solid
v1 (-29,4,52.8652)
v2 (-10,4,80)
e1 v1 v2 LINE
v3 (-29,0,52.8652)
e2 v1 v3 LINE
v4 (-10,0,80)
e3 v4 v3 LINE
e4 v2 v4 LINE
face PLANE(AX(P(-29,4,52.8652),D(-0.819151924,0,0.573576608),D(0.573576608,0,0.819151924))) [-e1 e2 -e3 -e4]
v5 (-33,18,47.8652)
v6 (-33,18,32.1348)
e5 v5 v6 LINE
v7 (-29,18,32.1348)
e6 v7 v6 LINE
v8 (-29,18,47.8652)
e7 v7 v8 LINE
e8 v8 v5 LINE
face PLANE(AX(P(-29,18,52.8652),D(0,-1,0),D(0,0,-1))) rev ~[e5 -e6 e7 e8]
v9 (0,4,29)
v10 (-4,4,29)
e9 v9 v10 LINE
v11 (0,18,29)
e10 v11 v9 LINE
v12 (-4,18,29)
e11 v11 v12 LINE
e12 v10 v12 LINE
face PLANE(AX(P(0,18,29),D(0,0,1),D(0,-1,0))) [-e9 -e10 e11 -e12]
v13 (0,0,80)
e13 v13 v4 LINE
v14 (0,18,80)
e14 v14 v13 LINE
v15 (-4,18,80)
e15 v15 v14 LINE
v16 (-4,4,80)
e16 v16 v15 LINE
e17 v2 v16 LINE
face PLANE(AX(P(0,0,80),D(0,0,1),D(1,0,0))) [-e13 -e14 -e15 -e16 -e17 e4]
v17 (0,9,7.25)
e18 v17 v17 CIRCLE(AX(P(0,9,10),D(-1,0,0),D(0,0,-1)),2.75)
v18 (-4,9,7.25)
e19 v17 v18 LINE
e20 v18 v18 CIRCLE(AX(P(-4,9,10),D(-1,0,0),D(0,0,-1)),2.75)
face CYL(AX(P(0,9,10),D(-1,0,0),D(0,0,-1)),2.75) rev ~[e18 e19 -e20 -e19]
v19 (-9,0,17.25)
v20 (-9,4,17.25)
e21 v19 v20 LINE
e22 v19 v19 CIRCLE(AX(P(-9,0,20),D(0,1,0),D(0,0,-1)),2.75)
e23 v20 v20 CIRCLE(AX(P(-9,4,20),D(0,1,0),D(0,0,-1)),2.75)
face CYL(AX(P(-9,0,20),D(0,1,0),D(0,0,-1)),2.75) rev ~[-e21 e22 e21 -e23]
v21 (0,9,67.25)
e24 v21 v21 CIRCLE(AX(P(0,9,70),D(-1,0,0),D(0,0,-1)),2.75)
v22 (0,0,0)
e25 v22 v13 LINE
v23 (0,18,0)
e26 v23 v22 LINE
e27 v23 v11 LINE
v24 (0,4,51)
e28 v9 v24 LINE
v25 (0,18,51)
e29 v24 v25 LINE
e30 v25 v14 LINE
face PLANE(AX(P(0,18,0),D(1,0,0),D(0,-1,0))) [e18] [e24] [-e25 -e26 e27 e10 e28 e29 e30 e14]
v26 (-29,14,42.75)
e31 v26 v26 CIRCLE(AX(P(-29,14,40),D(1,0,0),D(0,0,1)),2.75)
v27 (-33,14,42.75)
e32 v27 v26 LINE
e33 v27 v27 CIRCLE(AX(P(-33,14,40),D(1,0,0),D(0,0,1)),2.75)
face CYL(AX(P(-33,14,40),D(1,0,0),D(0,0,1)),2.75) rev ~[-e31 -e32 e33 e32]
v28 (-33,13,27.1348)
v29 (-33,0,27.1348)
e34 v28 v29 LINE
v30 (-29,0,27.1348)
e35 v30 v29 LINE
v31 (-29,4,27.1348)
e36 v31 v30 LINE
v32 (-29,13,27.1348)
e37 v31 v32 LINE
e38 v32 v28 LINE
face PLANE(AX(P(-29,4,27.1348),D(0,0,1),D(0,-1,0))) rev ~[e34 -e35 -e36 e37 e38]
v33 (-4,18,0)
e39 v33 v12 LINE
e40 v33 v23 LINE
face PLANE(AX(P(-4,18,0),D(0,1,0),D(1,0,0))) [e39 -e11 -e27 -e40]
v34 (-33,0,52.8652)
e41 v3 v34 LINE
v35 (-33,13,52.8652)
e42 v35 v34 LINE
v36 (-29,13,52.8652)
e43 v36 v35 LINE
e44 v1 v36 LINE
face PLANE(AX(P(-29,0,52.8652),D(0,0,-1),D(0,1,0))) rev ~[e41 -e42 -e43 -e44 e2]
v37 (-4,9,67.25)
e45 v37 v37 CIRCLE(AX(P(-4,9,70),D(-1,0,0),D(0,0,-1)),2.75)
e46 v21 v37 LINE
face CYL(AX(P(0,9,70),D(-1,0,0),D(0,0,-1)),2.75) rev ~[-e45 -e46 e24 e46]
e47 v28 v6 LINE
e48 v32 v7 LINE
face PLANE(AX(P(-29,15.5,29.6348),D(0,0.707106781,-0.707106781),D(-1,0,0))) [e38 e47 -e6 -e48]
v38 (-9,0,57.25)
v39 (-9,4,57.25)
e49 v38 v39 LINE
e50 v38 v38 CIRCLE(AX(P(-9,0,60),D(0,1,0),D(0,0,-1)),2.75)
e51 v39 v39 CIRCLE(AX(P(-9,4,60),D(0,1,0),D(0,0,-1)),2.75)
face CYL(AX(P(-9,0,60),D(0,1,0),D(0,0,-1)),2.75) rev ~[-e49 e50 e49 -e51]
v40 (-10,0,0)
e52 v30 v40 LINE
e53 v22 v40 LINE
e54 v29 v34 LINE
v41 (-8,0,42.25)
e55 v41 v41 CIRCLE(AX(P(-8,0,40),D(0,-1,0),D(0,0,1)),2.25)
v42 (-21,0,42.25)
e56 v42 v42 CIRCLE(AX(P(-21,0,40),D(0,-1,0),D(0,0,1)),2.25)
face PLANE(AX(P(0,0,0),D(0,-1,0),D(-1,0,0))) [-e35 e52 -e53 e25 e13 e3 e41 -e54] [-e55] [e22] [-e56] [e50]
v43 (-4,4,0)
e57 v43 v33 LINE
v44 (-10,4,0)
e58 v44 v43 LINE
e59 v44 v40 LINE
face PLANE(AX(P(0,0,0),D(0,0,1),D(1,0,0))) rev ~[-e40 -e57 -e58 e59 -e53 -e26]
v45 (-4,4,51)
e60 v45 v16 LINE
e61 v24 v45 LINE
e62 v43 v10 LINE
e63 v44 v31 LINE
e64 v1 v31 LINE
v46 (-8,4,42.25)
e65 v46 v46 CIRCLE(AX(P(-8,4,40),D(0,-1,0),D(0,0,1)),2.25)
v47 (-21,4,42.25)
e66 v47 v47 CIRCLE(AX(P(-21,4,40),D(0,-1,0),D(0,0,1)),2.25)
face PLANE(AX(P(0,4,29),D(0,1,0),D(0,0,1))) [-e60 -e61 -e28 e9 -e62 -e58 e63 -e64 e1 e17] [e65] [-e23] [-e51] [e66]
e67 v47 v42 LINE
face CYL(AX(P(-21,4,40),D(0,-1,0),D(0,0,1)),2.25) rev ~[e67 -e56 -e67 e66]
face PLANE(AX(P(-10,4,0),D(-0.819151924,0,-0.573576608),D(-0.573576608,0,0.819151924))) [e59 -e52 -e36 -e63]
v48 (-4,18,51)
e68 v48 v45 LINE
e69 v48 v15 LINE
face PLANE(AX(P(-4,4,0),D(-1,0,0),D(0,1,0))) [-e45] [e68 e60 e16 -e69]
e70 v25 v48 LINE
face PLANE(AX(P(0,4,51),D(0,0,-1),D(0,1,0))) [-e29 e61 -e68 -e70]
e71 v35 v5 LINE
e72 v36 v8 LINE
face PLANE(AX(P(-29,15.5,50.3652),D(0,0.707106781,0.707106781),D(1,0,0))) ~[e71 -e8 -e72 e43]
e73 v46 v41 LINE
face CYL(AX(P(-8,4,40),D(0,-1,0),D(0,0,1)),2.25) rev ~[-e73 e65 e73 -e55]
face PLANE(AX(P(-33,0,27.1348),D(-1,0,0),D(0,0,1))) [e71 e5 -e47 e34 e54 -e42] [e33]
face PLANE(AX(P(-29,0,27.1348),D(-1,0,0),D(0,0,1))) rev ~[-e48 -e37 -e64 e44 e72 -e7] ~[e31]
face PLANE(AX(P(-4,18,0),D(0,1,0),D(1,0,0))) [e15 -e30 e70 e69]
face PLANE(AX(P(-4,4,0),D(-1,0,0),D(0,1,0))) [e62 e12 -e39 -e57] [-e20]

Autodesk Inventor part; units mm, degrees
ref_plane "YZ Plane" through (0, 0, 0) normal (1, 0, 0) x (0, 1, 0)
ref_plane "XZ Plane" through (0, 0, 0) normal (0, 1, 0) x (-1, 0, 0)
ref_plane "XY Plane" through (0, 0, 0) normal (0, 0, 1) x (1, 0, 0)
sketch "Sketch1" plane through (0, 0, 0) normal (0, 0, 1) x (1, 0, 0)
  line L0 (0, 0) -> (-29, 0)
  line L1 (-29, 0) -> (-29, 4)
  line L2 (-29, 4) -> (-4, 4)
  line L3 (-4, 4) -> (-4, 18)
  line L4 (-4, 18) -> (0, 18)
  line L5 (0, 18) -> (0, 0)
  dimension "d0" = 4
  dimension "d1" = 4
  dimension "d2" = 29
  dimension "d3" = 18
extrude "Extrusion1" add sketch "Sketch1" along normal blind 80
sketch "Sketch2" plane through (0, 0, 0) normal (1, 0, 0) x (0, 0, -1)
  line L0 (0, 4) -> (-80, 4) projected
  line L1 (-51, 18) -> (-29, 18)
  line L2 (-29, 18) -> (-29, 4)
  line L3 (-29, 4) -> (-51, 4)
  line L4 (-51, 4) -> (-51, 18)
  line L5 (0, 18) -> (-80, 18) projected
  point P0 (0, 0)
  point P1 (-40, 18)
  point P2 (-40, 4)
  point P3 (-51, 4)
  dimension "d6" = 22
extrude "Extrusion2" cut sketch "Sketch2" against normal through all
sketch "Sketch3" plane through (0, 0, 0) normal (1, 0, 0) x (0, 0, -1)
  line L0 (0, 0) -> (-80, 0) projected
  line L1 (-80, 0) -> (-80, 18) projected
  line L2 (0, 0) -> (0, 18) projected
  point P0 (-70, 9)
  point P1 (-10, 9)
  dimension "d9" = 9
  dimension "d10" = 10
  dimension "d11" = 10
hole "Hole1" at (0, 9, 70) at (0, 9, 10) direction (-1, 0, 0) diameter 5.5 end through all
sketch "Sketch4" plane through (-29, 0, 0) normal (0, -1, 0) x (1, 0, 0)
  line L0 (29, 0) -> (29, 80) projected
  line L1 (0, 0) -> (29, 0) projected
  point P0 (20, 60)
  point P1 (20, 20)
  dimension "d19" = 9
  dimension "d20" = 20
  dimension "d21" = 20
hole "Hole2" at (-9, 0, 60) at (-9, 0, 20) direction (0, 1, 0) diameter 5.5 end through all
sketch "Sketch5" plane through (-29, 4, 0) normal (0, 1, 0) x (1, 0, 0)
  line L0 (0, 0) -> (0, -80) projected
  line L1 (0, -52.8652) -> (19, -80)
  line L2 (25, -80) -> (0, -80) projected
  line L3 (25, 0) -> (0, 0) projected
  line L4 (19, 0) -> (0, -27.1348)
  line L5 (25, -29) -> (29, -29) projected
  line L6 (29, -51) -> (25, -51) projected
  line L7 (29, -51) -> (29, -80) projected
  line L8 (29, 0) -> (29, -29) projected
  dimension "d29" = 10
  dimension "d30" = 10
  dimension "d31" = 55
  dimension "d32" = 55
extrude "Extrusion3" cut sketch "Sketch5" against normal through all
sketch "Sketch6" plane through (-4, 4, 51) normal (0, 1, 0) x (1, 0, 0)
  line L0 (4, 22) -> (4, 0) projected
  line L1 (-25, 23.8652) -> (-25, -1.8652) projected
  point P0 (4, 51)
  point P1 (-4, 11)
  point P2 (-17, 11)
  point P3 (-25, 11)
  dimension "d35" = 8
  dimension "d36" = 8
hole "Hole3" at (-8, 4, 40) at (-21, 4, 40) direction (0, -1, 0) diameter 4.5 end through all
sketch "Sketch7" plane through (-29, 0, 27.1348) normal (-1, 0, 0) x (0, 0, 1)
  line L0 (0, 4) -> (0, 0) projected
  line L1 (0, 0) -> (25.7304, 0) projected
  line L2 (25.7304, 0) -> (25.7304, 4) projected
  line L3 (0, 4) -> (25.7304, 4) projected
  line L4 (0, 0) -> (25.7304, 0)
  line L5 (25.7304, 0) -> (25.7304, 18)
  line L6 (25.7304, 18) -> (0, 18)
  line L7 (0, 18) -> (0, 0)
  line L8 (25.7304, 0) -> (25.7304, 4) projected
  line L9 (-27.1348, 18) -> (1.8652, 18) projected
  point P0 (-27.1348, 0)
extrude "Extrusion4" add sketch "Sketch7" along normal blind 4
sketch "Sketch8" plane through (-33, 0, 27.1348) normal (-1, 0, 0) x (0, 0, 1)
  line L0 (25.7304, 18) -> (0, 18) projected
  line L1 (-27.1348, 4) -> (0, 4) projected
  point P0 (-27.1348, 0)
  point P1 (12.8652, 14)
  point P2 (12.8652, 18)
  dimension "d46" = 10
hole "Hole4" at (-33, 14, 40) direction (1, 0, 0) diameter 5.5 end through all
chamfer "Chamfer1" distance 5 angle 45 2 edges at (-31, 18, 27.1348) (-31, 18, 52.8652)
equation "\"d11\" = d10"
equation "\"d21\" = d20"
equation "\"d30\" = d29"
equation "\"d32\" = d31"
equation "\"d36\" = d35"
